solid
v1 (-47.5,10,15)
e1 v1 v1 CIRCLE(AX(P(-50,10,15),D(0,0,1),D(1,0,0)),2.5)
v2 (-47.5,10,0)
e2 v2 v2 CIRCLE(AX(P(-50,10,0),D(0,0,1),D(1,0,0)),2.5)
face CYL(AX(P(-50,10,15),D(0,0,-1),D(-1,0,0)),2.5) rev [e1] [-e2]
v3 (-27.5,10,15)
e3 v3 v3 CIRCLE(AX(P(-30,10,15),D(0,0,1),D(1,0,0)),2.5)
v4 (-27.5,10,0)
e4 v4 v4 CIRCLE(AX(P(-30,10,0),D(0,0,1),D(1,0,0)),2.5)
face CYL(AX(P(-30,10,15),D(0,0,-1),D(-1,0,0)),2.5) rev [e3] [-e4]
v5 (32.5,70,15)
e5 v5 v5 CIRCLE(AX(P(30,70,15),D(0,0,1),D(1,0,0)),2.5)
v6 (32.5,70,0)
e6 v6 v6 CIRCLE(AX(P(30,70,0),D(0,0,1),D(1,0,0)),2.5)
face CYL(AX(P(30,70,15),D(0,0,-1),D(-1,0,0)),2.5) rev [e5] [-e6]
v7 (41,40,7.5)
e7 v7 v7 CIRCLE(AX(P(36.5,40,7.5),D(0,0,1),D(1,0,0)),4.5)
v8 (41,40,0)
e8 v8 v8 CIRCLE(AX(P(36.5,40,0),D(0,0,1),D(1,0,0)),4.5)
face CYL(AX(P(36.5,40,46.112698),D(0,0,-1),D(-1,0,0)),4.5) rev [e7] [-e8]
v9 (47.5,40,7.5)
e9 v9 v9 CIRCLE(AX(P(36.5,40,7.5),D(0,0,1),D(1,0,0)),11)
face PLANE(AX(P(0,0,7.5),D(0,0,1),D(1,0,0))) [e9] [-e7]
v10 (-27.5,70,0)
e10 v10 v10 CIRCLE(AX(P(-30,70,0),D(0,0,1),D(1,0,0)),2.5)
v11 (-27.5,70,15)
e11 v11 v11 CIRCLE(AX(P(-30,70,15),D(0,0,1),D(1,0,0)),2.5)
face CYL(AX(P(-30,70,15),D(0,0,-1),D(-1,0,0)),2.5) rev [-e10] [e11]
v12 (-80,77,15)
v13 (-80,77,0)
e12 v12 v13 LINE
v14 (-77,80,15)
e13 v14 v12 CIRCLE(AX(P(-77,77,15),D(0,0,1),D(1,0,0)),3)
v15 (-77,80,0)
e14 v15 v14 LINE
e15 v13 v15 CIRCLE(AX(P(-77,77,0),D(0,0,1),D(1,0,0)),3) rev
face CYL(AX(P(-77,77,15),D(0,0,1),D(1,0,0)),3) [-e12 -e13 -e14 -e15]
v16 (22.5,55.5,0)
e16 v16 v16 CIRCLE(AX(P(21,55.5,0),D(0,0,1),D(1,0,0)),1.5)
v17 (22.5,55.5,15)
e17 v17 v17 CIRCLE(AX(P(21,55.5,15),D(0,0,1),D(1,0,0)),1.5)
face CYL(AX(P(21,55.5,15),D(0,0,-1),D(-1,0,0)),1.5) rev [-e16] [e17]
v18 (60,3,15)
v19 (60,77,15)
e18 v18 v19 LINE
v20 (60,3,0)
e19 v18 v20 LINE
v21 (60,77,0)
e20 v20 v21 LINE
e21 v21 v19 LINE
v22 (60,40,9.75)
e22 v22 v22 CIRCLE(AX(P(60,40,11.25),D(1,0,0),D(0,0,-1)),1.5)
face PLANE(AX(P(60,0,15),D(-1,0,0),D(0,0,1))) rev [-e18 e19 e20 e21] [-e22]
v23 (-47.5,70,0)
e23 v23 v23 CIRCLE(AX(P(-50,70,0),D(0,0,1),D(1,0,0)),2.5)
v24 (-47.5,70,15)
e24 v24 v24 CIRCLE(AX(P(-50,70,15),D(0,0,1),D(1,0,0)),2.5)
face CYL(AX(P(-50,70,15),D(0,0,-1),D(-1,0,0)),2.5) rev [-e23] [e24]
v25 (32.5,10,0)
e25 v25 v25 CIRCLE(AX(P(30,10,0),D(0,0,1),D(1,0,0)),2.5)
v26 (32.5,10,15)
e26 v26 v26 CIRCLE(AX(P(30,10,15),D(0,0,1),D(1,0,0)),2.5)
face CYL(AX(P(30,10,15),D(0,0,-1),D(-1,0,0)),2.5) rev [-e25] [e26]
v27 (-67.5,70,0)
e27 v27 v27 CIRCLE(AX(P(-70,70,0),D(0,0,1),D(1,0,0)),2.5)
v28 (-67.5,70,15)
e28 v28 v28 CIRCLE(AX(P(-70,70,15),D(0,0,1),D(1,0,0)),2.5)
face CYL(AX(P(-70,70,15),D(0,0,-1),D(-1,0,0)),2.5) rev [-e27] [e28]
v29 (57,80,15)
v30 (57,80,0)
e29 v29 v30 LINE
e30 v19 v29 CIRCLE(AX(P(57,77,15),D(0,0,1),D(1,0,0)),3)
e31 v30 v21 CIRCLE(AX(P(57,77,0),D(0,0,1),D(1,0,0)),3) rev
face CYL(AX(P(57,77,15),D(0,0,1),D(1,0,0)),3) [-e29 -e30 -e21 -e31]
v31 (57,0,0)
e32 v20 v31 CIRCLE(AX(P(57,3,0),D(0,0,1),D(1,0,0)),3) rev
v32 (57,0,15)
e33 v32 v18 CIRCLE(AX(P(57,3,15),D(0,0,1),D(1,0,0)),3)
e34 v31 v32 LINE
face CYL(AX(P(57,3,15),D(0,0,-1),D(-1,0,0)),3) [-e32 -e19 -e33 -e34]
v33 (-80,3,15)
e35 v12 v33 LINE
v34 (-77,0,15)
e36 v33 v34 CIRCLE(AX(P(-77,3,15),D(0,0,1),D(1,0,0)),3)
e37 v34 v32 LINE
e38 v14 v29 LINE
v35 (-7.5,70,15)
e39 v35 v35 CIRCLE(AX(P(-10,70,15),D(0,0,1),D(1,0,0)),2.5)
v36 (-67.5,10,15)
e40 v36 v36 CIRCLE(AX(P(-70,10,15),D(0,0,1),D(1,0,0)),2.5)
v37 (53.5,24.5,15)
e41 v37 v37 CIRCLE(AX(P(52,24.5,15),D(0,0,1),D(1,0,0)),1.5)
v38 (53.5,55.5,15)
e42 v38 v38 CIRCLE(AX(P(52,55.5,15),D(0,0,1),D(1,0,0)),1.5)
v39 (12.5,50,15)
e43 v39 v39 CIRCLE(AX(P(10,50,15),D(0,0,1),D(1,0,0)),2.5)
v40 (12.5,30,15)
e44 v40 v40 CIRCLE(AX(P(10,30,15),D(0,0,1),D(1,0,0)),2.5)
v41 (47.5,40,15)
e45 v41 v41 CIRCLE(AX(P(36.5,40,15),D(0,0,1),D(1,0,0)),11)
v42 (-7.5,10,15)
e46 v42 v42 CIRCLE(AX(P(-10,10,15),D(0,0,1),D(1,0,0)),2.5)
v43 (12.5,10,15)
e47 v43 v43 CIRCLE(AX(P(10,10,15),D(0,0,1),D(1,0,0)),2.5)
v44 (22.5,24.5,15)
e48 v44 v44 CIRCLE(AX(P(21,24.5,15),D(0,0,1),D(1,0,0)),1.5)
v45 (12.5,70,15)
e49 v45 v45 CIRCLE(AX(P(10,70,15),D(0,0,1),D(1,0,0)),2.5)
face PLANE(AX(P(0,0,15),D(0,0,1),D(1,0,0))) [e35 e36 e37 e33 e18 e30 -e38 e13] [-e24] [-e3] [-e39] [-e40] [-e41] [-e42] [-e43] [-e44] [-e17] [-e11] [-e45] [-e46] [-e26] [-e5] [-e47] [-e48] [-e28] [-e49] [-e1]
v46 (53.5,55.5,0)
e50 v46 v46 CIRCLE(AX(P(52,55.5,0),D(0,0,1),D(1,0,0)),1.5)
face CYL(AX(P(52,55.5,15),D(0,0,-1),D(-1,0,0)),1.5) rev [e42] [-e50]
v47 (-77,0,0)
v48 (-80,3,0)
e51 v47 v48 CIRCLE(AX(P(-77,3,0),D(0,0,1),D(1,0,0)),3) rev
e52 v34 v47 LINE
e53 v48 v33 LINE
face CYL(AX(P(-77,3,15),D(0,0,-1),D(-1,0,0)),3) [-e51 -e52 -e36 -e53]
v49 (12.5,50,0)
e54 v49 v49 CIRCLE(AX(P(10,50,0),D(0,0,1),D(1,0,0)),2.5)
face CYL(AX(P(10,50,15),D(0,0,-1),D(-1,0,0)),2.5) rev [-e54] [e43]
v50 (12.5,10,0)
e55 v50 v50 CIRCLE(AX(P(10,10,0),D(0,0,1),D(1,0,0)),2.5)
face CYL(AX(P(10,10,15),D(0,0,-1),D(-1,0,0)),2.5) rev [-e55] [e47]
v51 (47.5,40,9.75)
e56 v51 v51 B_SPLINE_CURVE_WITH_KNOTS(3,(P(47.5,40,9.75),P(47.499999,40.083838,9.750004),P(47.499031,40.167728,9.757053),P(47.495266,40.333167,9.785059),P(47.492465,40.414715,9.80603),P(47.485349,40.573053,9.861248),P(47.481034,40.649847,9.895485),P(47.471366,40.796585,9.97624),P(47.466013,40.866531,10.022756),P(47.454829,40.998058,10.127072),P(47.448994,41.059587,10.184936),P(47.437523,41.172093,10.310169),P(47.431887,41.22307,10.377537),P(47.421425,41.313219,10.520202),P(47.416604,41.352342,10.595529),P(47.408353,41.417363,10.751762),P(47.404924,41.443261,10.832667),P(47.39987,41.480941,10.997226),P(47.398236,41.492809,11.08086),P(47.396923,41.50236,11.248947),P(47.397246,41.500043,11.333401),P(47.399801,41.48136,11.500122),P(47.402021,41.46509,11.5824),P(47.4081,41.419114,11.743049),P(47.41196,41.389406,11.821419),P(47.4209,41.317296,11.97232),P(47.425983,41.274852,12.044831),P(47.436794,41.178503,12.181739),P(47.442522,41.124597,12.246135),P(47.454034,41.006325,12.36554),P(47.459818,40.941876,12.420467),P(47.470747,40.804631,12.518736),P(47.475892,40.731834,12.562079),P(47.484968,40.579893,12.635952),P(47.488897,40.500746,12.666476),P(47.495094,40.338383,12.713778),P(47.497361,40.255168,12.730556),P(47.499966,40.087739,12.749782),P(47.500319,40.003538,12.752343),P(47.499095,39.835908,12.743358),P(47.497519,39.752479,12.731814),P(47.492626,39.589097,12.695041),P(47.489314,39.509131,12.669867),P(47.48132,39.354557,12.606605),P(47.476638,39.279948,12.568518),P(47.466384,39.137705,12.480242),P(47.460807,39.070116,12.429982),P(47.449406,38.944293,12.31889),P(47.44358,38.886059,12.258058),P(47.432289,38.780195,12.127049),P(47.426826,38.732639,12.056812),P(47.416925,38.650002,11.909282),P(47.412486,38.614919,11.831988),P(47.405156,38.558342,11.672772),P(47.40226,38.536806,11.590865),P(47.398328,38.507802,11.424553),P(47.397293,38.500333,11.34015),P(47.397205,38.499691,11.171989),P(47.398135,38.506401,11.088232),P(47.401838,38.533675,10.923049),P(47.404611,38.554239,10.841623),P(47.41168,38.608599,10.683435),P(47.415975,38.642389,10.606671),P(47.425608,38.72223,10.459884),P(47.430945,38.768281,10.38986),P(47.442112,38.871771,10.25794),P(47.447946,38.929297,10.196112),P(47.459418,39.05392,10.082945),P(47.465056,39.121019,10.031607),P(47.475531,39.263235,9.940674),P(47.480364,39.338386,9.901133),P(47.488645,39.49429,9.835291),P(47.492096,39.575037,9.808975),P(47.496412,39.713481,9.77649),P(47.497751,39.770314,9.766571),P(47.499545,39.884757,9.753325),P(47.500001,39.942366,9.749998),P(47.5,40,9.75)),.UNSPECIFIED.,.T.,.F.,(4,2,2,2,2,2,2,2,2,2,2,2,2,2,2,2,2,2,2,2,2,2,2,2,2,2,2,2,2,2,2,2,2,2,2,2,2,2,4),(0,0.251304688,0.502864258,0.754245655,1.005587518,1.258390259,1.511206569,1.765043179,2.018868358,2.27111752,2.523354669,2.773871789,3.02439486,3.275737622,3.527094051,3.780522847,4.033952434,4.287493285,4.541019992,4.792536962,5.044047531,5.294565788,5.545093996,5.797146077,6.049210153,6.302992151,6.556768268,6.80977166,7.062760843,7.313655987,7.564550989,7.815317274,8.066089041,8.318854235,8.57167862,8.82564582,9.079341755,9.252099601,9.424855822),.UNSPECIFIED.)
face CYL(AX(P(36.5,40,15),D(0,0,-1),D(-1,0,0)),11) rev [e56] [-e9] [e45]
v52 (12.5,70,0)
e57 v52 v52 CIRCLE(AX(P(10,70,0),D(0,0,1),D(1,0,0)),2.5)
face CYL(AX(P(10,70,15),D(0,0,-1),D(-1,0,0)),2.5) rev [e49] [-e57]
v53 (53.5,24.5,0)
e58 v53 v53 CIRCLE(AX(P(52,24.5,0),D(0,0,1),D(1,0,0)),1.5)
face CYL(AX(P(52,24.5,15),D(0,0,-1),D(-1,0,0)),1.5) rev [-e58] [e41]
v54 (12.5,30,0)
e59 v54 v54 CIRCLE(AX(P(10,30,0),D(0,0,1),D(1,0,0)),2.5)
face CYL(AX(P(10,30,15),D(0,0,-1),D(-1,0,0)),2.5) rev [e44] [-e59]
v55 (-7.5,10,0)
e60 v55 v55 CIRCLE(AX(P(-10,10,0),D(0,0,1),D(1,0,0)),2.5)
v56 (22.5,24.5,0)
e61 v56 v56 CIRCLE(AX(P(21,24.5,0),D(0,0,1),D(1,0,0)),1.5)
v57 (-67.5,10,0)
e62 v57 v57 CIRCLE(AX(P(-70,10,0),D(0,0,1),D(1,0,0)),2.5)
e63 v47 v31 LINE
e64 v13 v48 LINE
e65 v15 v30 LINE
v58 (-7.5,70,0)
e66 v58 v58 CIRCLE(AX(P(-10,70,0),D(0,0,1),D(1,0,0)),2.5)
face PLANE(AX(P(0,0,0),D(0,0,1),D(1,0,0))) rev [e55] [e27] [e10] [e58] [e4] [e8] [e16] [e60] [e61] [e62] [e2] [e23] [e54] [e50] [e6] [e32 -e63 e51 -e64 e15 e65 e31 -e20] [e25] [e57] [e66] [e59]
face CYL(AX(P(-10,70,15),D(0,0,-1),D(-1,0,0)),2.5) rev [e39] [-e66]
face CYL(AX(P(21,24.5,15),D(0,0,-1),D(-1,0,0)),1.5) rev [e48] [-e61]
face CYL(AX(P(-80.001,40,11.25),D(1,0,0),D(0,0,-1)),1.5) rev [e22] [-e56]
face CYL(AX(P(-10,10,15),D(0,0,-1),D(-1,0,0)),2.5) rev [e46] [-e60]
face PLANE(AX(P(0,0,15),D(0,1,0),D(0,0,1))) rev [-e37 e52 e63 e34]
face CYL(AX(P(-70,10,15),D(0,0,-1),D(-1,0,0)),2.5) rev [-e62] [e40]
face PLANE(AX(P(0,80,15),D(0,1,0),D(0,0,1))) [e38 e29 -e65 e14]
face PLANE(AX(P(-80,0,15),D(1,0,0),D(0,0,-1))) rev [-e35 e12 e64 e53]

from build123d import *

# Parameters (mm, degrees)
SKETCH1_W               = 60
SKETCH1_H               = 80
SKETCH1_R               = 1.5
SKETCH1_R_2             = 11
SKETCH1_R_3             = 2.5
SKETCH1_W_2             = 80
BOSS_EXTRUDE1_DEPTH     = 15
SKETCH1_3_R             = 11
SKETCH1_3_R_2           = 4.5
BOSS_EXTRUDE2_DEPTH     = 7.5
FILLET1_R               = 3
CUT_EXTRUDE1_REACH      = 163.941
CUT_EXTRUDE1_END_RADIUS = 11
SKETCH2_R               = 1.5


with BuildPart() as part:
    # Sketch1 → Boss-Extrude1 (new body)
    # profile 1 of 2: a face of its own
    with BuildSketch(Plane.XY):
        with Locations((30, 40)):
            Rectangle(SKETCH1_W, SKETCH1_H)
        with Locations((21, 24.5)):
            Circle(SKETCH1_R, mode=Mode.SUBTRACT)
        with Locations((52, 24.5)):
            Circle(SKETCH1_R, mode=Mode.SUBTRACT)
        with Locations((52, 55.5)):
            Circle(SKETCH1_R, mode=Mode.SUBTRACT)
        with Locations((21, 55.5)):
            Circle(SKETCH1_R, mode=Mode.SUBTRACT)
        with Locations((36.5, 40)):
            Circle(SKETCH1_R_2, mode=Mode.SUBTRACT)
        with Locations((30, 10)):
            Circle(SKETCH1_R_3, mode=Mode.SUBTRACT)
        with Locations((30, 70)):
            Circle(SKETCH1_R_3, mode=Mode.SUBTRACT)
        with Locations((10, 70)):
            Circle(SKETCH1_R_3, mode=Mode.SUBTRACT)
        with Locations((10, 50)):
            Circle(SKETCH1_R_3, mode=Mode.SUBTRACT)
        with Locations((10, 30)):
            Circle(SKETCH1_R_3, mode=Mode.SUBTRACT)
        with Locations((10, 10)):
            Circle(SKETCH1_R_3, mode=Mode.SUBTRACT)
    # profile 2 of 2: a face of its own
    with BuildSketch(Plane.XY):
        with Locations((-40, 40)):
            Rectangle(SKETCH1_W_2, SKETCH1_H)
        with Locations((-10, 10)):
            Circle(SKETCH1_R_3, mode=Mode.SUBTRACT)
        with Locations((-30, 10)):
            Circle(SKETCH1_R_3, mode=Mode.SUBTRACT)
        with Locations((-50, 10)):
            Circle(SKETCH1_R_3, mode=Mode.SUBTRACT)
        with Locations((-70, 10)):
            Circle(SKETCH1_R_3, mode=Mode.SUBTRACT)
        with Locations((-10, 70)):
            Circle(SKETCH1_R_3, mode=Mode.SUBTRACT)
        with Locations((-30, 70)):
            Circle(SKETCH1_R_3, mode=Mode.SUBTRACT)
        with Locations((-50, 70)):
            Circle(SKETCH1_R_3, mode=Mode.SUBTRACT)
        with Locations((-70, 70)):
            Circle(SKETCH1_R_3, mode=Mode.SUBTRACT)
    extrude(amount=BOSS_EXTRUDE1_DEPTH)

    # Sketch1<3> → Boss-Extrude2 (add)
    with BuildSketch(Plane.XY):
        with Locations((36.5, 40)):
            Circle(SKETCH1_3_R)
        with Locations((36.5, 40)):
            Circle(SKETCH1_3_R_2, mode=Mode.SUBTRACT)
    extrude(amount=BOSS_EXTRUDE2_DEPTH)

    # Fillet1
    fillet1_edges = [part.edges().sort_by_distance(p)[0] for p in [
        (-80, 0, 7.5),
        (-80, 80, 7.5),
        (60, 80, 7.5),
        (60, 0, 7.5),
    ]]
    fillet(fillet1_edges, radius=FILLET1_R)

    # Cut-Extrude1: up to this cylinder (the profile starts outside it)
    cut_extrude1_end = Plane(origin=(36.5, 40, 11.25), z_dir=(0, 0, -1)) * Cylinder(CUT_EXTRUDE1_END_RADIUS, 350.882, mode=Mode.PRIVATE)
    # Sketch2 → Cut-Extrude1 (cut, up to the surface)
    with BuildSketch(Plane(origin=(60, 0, 0), x_dir=(0, 0, -1), z_dir=(1, 0, 0)), mode=Mode.PRIVATE) as cut_extrude1_sk1:
        with Locations((-11.25, 40)):
            Circle(SKETCH2_R)
    cut_extrude1_tool1 = extrude(cut_extrude1_sk1.sketch, amount=-CUT_EXTRUDE1_REACH, mode=Mode.PRIVATE) - cut_extrude1_end
    add(cut_extrude1_tool1.solids().sort_by_distance((60, 40, 11.25))[0], mode=Mode.SUBTRACT)


solid = part.part
